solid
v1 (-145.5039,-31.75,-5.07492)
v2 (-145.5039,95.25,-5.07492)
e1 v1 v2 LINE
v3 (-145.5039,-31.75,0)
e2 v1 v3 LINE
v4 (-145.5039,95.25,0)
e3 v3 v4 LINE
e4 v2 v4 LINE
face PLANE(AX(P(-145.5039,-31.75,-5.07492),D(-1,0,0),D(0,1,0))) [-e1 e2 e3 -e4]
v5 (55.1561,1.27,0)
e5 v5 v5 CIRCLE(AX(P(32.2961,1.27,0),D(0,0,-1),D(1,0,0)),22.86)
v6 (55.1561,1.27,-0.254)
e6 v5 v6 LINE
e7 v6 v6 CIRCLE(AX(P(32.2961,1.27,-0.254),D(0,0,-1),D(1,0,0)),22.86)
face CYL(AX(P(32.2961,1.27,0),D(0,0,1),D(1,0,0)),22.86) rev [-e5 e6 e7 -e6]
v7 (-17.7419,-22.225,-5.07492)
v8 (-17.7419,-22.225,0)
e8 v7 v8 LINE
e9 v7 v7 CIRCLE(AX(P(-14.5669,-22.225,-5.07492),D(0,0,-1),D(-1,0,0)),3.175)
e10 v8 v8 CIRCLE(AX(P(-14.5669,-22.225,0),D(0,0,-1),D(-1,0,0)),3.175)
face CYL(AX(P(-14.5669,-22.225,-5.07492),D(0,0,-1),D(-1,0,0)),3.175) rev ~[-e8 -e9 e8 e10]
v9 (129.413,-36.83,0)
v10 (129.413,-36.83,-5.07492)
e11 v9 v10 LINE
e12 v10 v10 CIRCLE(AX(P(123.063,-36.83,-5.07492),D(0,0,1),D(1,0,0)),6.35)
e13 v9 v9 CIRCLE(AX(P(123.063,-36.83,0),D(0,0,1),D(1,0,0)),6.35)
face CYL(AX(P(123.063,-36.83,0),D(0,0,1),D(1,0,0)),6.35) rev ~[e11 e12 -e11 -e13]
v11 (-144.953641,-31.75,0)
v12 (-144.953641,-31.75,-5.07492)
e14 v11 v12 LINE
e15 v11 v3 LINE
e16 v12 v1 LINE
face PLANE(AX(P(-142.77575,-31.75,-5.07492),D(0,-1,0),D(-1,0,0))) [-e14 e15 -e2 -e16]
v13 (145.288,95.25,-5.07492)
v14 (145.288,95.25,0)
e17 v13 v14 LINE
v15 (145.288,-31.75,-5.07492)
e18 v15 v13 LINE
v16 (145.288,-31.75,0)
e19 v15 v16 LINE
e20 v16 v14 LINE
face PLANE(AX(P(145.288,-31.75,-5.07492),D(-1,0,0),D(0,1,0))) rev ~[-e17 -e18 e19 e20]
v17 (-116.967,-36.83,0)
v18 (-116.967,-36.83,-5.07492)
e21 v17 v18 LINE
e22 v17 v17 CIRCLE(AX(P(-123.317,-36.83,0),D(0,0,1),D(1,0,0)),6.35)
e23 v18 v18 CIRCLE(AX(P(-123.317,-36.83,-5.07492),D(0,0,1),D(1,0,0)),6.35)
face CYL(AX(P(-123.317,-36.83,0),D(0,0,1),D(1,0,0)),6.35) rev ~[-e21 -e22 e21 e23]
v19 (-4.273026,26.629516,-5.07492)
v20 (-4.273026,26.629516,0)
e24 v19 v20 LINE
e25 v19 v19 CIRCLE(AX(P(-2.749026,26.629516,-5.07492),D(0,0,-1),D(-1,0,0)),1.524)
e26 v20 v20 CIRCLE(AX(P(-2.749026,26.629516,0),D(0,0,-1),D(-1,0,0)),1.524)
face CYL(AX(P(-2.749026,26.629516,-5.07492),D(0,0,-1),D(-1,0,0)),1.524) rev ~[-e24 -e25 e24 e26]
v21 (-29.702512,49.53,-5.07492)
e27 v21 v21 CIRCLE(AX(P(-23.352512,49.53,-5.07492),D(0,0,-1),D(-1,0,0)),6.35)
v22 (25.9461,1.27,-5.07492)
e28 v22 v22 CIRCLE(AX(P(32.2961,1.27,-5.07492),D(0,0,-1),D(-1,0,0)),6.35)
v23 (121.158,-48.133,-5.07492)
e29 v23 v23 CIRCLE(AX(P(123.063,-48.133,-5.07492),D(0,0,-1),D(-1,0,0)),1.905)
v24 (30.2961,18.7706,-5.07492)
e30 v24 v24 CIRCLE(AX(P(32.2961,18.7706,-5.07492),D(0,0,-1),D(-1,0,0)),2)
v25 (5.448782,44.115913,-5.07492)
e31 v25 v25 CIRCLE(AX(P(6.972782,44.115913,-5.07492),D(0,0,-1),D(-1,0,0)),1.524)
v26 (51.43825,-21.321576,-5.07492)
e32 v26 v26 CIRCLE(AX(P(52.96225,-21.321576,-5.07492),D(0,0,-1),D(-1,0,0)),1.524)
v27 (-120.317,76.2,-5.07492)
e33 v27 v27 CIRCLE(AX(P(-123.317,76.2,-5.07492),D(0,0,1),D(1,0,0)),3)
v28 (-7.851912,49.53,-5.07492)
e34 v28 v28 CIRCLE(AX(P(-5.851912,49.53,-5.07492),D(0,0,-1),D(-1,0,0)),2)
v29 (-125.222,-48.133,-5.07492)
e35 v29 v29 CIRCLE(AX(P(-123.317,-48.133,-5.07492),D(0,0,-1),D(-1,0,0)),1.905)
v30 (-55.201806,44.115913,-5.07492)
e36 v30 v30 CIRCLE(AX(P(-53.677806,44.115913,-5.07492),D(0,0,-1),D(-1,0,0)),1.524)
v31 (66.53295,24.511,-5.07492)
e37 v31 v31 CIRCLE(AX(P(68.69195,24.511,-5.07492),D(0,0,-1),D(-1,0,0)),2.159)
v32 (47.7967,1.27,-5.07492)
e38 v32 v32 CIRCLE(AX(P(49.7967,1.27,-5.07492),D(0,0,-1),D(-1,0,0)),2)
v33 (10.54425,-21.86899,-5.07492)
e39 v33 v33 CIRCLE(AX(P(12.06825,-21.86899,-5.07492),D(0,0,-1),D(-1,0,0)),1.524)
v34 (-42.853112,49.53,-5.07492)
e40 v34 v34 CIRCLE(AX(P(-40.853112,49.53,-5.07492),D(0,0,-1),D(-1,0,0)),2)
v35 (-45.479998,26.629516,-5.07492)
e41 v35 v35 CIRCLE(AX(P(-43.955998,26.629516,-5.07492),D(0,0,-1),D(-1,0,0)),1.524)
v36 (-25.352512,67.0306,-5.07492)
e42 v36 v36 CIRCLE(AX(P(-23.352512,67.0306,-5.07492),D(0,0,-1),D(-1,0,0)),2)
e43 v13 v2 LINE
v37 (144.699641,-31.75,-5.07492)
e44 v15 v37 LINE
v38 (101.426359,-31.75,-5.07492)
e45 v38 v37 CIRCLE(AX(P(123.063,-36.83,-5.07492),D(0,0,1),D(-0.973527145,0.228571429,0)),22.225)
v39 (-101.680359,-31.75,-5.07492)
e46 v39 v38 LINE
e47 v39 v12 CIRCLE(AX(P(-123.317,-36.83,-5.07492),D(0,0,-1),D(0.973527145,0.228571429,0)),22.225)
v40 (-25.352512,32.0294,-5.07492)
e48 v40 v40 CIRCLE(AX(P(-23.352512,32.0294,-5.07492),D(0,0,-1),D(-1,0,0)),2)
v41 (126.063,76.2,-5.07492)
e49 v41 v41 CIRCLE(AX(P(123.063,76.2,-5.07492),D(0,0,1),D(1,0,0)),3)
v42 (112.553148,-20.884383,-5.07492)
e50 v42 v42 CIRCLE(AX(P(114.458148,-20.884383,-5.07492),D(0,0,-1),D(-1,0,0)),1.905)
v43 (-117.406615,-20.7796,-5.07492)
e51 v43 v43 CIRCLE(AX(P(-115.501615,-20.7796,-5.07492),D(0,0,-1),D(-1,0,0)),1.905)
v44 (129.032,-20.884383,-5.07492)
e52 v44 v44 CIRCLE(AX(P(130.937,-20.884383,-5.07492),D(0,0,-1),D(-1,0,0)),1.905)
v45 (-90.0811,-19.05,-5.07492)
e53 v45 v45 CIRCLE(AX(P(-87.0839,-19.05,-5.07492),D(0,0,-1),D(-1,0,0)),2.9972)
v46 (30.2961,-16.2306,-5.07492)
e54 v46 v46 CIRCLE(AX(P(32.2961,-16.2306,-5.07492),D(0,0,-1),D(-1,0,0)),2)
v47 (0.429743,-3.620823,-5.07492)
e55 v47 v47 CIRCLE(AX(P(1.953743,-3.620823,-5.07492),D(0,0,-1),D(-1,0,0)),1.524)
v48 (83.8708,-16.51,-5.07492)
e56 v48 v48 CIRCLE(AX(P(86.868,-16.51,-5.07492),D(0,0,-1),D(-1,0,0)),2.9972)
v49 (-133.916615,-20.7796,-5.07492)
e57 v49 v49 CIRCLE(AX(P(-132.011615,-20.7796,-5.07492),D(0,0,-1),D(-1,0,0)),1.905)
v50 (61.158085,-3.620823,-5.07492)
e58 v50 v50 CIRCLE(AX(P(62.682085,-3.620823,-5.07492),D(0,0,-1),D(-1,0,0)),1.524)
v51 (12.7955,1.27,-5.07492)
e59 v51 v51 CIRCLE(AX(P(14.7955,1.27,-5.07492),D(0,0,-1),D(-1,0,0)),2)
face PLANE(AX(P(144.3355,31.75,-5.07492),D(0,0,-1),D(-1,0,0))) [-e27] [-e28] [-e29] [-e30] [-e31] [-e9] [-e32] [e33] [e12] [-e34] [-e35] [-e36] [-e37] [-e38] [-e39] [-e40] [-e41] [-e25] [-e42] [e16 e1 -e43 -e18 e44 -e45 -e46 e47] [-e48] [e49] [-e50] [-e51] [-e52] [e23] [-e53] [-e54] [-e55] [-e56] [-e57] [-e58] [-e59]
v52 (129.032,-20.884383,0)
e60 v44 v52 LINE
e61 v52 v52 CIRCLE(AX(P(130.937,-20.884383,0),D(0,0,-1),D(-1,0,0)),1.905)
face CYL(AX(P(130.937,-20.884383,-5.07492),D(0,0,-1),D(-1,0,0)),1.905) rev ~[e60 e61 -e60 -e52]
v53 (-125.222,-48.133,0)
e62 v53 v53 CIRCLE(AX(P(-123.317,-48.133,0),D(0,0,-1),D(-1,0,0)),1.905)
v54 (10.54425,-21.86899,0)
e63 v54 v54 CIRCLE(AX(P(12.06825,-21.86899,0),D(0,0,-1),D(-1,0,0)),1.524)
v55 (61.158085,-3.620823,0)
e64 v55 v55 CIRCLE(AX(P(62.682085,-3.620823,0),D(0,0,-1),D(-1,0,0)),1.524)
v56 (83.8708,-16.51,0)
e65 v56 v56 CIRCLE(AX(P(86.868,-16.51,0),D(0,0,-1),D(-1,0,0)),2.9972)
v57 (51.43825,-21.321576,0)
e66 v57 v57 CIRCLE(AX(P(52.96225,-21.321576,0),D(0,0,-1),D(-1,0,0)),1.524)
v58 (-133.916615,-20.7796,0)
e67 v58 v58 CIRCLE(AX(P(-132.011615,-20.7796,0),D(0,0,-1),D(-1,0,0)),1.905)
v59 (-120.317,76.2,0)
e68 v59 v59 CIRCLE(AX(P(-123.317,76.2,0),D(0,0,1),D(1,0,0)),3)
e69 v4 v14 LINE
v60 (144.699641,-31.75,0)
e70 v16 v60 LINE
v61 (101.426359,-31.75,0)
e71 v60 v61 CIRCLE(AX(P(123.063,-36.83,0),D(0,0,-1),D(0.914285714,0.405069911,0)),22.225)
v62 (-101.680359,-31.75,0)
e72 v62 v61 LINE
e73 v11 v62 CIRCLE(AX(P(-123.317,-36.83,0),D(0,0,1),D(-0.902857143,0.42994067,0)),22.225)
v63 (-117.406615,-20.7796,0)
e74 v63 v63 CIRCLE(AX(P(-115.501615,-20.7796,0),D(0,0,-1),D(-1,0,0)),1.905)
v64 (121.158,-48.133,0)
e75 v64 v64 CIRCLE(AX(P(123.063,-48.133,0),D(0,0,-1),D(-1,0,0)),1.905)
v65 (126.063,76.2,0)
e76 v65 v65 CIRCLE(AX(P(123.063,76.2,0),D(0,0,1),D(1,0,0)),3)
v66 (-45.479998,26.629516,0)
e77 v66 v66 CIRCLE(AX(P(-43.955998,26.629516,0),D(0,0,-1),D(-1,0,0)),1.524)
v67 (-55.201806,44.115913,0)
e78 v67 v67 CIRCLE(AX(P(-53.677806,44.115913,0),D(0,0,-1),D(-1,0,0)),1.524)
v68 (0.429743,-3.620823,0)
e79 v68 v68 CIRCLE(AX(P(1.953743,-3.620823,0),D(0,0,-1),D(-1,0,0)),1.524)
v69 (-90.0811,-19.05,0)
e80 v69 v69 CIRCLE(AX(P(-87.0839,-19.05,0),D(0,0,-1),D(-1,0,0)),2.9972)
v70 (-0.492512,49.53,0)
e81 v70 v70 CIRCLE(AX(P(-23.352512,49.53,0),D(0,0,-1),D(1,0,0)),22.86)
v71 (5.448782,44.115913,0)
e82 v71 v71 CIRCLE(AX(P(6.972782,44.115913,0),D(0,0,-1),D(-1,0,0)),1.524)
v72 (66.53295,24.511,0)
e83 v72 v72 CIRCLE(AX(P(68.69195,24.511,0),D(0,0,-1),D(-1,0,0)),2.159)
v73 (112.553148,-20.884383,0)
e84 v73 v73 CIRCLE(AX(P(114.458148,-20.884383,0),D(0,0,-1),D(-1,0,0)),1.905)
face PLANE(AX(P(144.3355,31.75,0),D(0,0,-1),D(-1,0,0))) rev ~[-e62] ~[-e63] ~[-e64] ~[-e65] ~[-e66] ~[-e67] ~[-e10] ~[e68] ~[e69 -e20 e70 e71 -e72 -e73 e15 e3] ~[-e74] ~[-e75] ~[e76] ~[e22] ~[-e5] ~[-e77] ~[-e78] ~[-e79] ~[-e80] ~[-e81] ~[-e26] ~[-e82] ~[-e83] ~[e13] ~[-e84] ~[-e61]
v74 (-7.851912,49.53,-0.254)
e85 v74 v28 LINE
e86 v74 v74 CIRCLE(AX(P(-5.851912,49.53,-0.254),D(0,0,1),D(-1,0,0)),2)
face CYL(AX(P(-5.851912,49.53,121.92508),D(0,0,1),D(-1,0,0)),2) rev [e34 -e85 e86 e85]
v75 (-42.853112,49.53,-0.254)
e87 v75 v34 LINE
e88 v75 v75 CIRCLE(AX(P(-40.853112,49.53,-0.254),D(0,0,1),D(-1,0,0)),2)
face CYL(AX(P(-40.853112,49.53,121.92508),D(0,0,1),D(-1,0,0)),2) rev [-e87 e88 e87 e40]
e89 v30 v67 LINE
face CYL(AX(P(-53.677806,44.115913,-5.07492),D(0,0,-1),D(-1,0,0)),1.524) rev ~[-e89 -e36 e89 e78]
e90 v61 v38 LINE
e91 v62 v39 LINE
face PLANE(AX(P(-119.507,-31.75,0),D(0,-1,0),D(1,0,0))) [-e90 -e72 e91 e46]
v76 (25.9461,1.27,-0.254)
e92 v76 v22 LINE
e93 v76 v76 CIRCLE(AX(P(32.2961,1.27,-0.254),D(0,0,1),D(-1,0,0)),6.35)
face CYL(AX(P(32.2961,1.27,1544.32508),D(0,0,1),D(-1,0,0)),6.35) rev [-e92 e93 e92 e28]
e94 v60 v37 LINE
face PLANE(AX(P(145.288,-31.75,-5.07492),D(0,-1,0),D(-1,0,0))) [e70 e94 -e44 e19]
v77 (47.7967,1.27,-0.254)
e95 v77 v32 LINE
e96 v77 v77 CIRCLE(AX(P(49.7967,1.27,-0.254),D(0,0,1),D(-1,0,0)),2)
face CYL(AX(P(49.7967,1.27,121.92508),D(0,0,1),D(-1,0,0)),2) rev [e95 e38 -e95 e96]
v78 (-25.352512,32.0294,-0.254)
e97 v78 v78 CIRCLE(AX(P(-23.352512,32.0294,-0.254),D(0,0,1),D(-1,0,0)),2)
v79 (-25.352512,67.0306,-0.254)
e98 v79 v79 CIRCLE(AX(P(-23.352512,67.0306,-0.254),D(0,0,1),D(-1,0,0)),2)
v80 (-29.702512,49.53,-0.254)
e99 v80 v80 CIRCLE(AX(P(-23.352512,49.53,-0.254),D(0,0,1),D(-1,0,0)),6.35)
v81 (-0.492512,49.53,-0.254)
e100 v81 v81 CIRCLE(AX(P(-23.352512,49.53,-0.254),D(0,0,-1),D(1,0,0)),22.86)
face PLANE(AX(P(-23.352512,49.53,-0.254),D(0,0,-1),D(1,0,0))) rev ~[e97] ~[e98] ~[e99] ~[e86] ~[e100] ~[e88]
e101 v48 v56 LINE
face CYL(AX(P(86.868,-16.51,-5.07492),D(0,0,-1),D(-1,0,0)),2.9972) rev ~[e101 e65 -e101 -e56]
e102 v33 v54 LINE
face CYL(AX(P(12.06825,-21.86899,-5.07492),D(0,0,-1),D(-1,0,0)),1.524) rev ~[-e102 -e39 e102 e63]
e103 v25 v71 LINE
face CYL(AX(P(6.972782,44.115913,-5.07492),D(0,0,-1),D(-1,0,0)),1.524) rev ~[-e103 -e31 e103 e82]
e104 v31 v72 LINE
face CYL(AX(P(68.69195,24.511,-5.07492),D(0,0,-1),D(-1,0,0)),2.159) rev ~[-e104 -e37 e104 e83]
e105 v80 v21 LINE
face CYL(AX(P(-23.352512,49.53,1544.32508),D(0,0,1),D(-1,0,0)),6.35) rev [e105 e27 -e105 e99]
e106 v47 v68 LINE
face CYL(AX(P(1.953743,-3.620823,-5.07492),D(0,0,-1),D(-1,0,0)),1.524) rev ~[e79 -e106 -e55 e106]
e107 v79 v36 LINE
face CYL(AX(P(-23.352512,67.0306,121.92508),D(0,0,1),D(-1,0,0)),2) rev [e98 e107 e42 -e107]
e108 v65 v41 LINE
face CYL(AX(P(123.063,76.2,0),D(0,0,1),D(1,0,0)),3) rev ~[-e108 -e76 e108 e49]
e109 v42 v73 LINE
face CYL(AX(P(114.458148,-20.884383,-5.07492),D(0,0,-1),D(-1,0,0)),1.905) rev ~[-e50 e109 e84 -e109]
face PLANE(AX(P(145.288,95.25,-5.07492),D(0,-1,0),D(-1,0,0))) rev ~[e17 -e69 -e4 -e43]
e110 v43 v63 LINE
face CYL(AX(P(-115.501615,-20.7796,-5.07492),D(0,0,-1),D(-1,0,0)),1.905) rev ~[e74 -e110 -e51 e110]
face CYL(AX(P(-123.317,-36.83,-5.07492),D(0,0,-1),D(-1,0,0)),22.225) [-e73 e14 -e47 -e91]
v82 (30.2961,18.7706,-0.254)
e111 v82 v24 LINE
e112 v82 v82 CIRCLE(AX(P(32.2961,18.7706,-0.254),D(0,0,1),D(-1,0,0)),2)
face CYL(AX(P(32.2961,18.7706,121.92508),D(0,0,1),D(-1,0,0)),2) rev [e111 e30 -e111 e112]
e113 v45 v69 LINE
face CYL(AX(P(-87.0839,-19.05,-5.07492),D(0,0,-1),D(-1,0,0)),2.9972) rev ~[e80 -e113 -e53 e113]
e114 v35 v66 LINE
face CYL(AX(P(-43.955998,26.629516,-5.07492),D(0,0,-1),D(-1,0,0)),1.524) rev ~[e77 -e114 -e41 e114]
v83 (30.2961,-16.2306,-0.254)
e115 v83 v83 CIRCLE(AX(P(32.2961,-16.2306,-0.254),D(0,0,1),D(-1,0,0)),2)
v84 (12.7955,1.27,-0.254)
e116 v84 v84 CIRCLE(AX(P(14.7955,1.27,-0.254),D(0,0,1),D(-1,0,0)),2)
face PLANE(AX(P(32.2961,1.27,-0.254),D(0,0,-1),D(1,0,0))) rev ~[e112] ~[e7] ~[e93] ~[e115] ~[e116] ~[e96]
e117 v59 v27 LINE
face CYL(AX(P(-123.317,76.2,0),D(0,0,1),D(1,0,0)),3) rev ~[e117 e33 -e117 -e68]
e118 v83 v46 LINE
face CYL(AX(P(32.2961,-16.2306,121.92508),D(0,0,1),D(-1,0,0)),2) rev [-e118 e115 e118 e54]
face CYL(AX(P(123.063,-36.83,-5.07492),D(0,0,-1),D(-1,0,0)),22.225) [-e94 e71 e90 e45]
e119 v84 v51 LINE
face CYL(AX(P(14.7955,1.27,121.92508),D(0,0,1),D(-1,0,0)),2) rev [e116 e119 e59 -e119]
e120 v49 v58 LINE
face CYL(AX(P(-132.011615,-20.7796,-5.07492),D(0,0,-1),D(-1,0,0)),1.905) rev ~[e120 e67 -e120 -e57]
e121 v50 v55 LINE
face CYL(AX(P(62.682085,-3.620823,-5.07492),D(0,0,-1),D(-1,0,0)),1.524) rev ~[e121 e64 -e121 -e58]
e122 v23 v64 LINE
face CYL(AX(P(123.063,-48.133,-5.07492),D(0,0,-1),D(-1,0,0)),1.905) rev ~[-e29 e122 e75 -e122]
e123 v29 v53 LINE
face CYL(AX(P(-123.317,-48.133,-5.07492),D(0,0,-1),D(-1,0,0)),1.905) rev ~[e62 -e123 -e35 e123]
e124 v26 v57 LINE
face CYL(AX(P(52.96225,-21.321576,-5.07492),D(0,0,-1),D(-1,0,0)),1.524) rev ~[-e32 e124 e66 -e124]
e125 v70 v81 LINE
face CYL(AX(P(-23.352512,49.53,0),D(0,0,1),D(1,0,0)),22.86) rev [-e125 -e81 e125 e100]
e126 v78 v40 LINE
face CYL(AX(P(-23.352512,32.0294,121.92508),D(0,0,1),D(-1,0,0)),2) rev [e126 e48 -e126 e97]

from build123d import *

# Parameters (mm, degrees)
BOSS_EXTRUDE1_DEPTH = 5.07492
SKETCH6_R           = 22.225
BOSS_EXTRUDE3_DEPTH = 5.07492
SKETCH2_3_R         = 6.35
CUT_EXTRUDE2_DEPTH  = 5.588
SKETCH8_W           = 2.728150378
SKETCH8_H           = 127
BOSS_EXTRUDE4_DEPTH = 5.07492
SKETCH9_W           = 1.905
SKETCH9_H           = 127
BOSS_EXTRUDE5_DEPTH = 5.07492
SKETCH12_R          = 3
CUT_EXTRUDE3_DEPTH  = 400.05
CUT_EXTRUDE4_START  = -5.07492
SKETCH13_R          = 22.86
SKETCH13_R_2        = 2
SKETCH13_R_3        = 6.35
CUT_EXTRUDE4_DEPTH  = 0.254
CUT_EXTRUDE6_START  = -127
SKETCH13_2_R        = 2
CUT_EXTRUDE6_DEPTH  = 127
SKETCH17_R          = 2.9972
CUT_EXTRUDE7_DEPTH  = 152.4
CUT_EXTRUDE8_START  = -1549.4
SKETCH13_3_R        = 6.35
CUT_EXTRUDE8_DEPTH  = 1549.4
SKETCH18_R          = 3.175
SKETCH18_R_2        = 2.159
SKETCH18_R_3        = 1.524
CUT_EXTRUDE9_DEPTH  = 6.35
SKETCH19_R          = 1.905
CUT_EXTRUDE10_DEPTH = 6.35


with BuildPart() as part:
    # Sketch2 → Boss-Extrude1 (new body)
    with BuildSketch(Plane.XY):
        with BuildLine():
            Line((-143.383, -31.75), (-127.127, -31.75))
            ThreePointArc((-127.127, -31.75), (-123.317, -30.48), (-119.507, -31.75))
            Line((-119.507, -31.75), (119.253, -31.75))
            ThreePointArc((119.253, -31.75), (123.063, -30.48), (126.873, -31.75))
            Line((126.873, -31.75), (143.383, -31.75))
            Line((143.383, -31.75), (143.383, 95.25))
            Line((143.383, 95.25), (-143.383, 95.25))
            Line((-143.383, 95.25), (-143.383, -31.75))
        make_face()
    extrude(amount=-BOSS_EXTRUDE1_DEPTH)

    # Sketch6 → Boss-Extrude3 (add)
    with BuildSketch(Plane(origin=(0, 0, -5.07492), x_dir=(-1, 0, 0), z_dir=(0, 0, -1))):
        with Locations((-123.063, -36.83)):
            Circle(SKETCH6_R)
        with Locations((123.317, -36.83)):
            Circle(SKETCH6_R)
    extrude(amount=-BOSS_EXTRUDE3_DEPTH)

    # Sketch2<3> → Cut-Extrude2 (cut)
    with BuildSketch(Plane.XY):
        with Locations((-123.317, -36.83)):
            Circle(SKETCH2_3_R)
        with Locations((123.063, -36.83)):
            Circle(SKETCH2_3_R)
    extrude(amount=-CUT_EXTRUDE2_DEPTH, mode=Mode.SUBTRACT)

    # Sketch8 → Boss-Extrude4 (add)
    with BuildSketch(Plane(origin=(0, 0, -5.07492), x_dir=(-1, 0, 0), z_dir=(0, 0, -1))):
        with Locations((144.139824811, 31.75)):
            Rectangle(SKETCH8_W, SKETCH8_H)
    extrude(amount=-BOSS_EXTRUDE4_DEPTH)

    # Sketch9 → Boss-Extrude5 (add)
    with BuildSketch(Plane(origin=(0, 0, -5.07492), x_dir=(-1, 0, 0), z_dir=(0, 0, -1))):
        with Locations((-144.3355, 31.75)):
            Rectangle(SKETCH9_W, SKETCH9_H)
    extrude(amount=-BOSS_EXTRUDE5_DEPTH)

    # Sketch12 → Cut-Extrude3 (cut)
    with BuildSketch(Plane.XY):
        with Locations((-123.317, 76.2)):
            Circle(SKETCH12_R)
        with Locations((123.063, 76.2)):
            Circle(SKETCH12_R)
    extrude(amount=-CUT_EXTRUDE3_DEPTH, mode=Mode.SUBTRACT)

    # Sketch13 → Cut-Extrude4 (cut)
    # profile 1 of 2: a face of its own
    with BuildSketch(Plane(origin=(0, 0, -5.07492), x_dir=(-1, 0, 0), z_dir=(0, 0, -1)).offset(CUT_EXTRUDE4_START)):
        with Locations(Location((23.352511843, 49.53, 0), (0, 0, 180))):
            Circle(SKETCH13_R)
        with Locations(Location((23.352511843, 67.0306, 0), (0, 0, 180))):
            Circle(SKETCH13_R_2, mode=Mode.SUBTRACT)
        with Locations(Location((40.853111843, 49.53, 0), (0, 0, 180))):
            Circle(SKETCH13_R_2, mode=Mode.SUBTRACT)
        with Locations(Location((23.352511843, 32.0294, 0), (0, 0, 180))):
            Circle(SKETCH13_R_2, mode=Mode.SUBTRACT)
        with Locations(Location((5.851911843, 49.53, 0), (0, 0, 180))):
            Circle(SKETCH13_R_2, mode=Mode.SUBTRACT)
        with Locations(Location((23.352511843, 49.53, 0), (0, 0, 180))):
            Circle(SKETCH13_R_3, mode=Mode.SUBTRACT)
    # profile 2 of 2: a face of its own
    with BuildSketch(Plane(origin=(0, 0, -5.07492), x_dir=(-1, 0, 0), z_dir=(0, 0, -1)).offset(CUT_EXTRUDE4_START)):
        with Locations(Location((-32.2961, 1.27, 0), (0, 0, 180))):
            Circle(SKETCH13_R)
        with Locations(Location((-32.2961, 18.7706, 0), (0, 0, 180))):
            Circle(SKETCH13_R_2, mode=Mode.SUBTRACT)
        with Locations(Location((-14.7955, 1.27, 0), (0, 0, 180))):
            Circle(SKETCH13_R_2, mode=Mode.SUBTRACT)
        with Locations(Location((-32.2961, -16.2306, 0), (0, 0, 180))):
            Circle(SKETCH13_R_2, mode=Mode.SUBTRACT)
        with Locations(Location((-49.7967, 1.27, 0), (0, 0, 180))):
            Circle(SKETCH13_R_2, mode=Mode.SUBTRACT)
        with Locations(Location((-32.2961, 1.27, 0), (0, 0, 180))):
            Circle(SKETCH13_R_3, mode=Mode.SUBTRACT)
    extrude(amount=CUT_EXTRUDE4_DEPTH, mode=Mode.SUBTRACT)

    # Sketch13<2> → Cut-Extrude6 (cut)
    with BuildSketch(Plane(origin=(0, 0, -5.07492), x_dir=(-1, 0, 0), z_dir=(0, 0, -1)).offset(CUT_EXTRUDE6_START)):
        with Locations((-32.2961, 18.7706)):
            Circle(SKETCH13_2_R)
        with Locations((-49.7967, 1.27)):
            Circle(SKETCH13_2_R)
        with Locations((-14.7955, 1.27)):
            Circle(SKETCH13_2_R)
        with Locations((-32.2961, -16.2306)):
            Circle(SKETCH13_2_R)
        with Locations((23.352511843, 32.0294)):
            Circle(SKETCH13_2_R)
        with Locations((23.352511843, 67.0306)):
            Circle(SKETCH13_2_R)
        with Locations((40.853111843, 49.53)):
            Circle(SKETCH13_2_R)
        with Locations((5.851911843, 49.53)):
            Circle(SKETCH13_2_R)
    extrude(amount=CUT_EXTRUDE6_DEPTH, mode=Mode.SUBTRACT)

    # Sketch17 → Cut-Extrude7 (cut)
    with BuildSketch(Plane(origin=(0, 0, -5.07492), x_dir=(-1, 0, 0), z_dir=(0, 0, -1))):
        with Locations((87.0839, -19.05)):
            Circle(SKETCH17_R)
        with Locations((-86.868, -16.51)):
            Circle(SKETCH17_R)
    extrude(amount=-CUT_EXTRUDE7_DEPTH, mode=Mode.SUBTRACT)

    # Sketch13<3> → Cut-Extrude8 (cut)
    with BuildSketch(Plane(origin=(0, 0, -5.07492), x_dir=(-1, 0, 0), z_dir=(0, 0, -1)).offset(CUT_EXTRUDE8_START)):
        with Locations((-32.2961, 1.27)):
            Circle(SKETCH13_3_R)
        with Locations((23.352511843, 49.53)):
            Circle(SKETCH13_3_R)
    extrude(amount=CUT_EXTRUDE8_DEPTH, mode=Mode.SUBTRACT)

    # Sketch18 → Cut-Extrude9 (cut)
    with BuildSketch(Plane(origin=(0, 0, -5.07492), x_dir=(-1, 0, 0), z_dir=(0, 0, -1))):
        with Locations((14.5669, -22.225)):
            Circle(SKETCH18_R)
        with Locations((-68.691950102, 24.511)):
            Circle(SKETCH18_R_2)
        with Locations((-62.682085042, -3.620822534)):
            Circle(SKETCH18_R_3)
        with Locations((-1.953743286, -3.620822534)):
            Circle(SKETCH18_R_3)
        with Locations((-12.06825034, -21.868989912)):
            Circle(SKETCH18_R_3)
        with Locations((-52.96225034, -21.321575615)):
            Circle(SKETCH18_R_3)
        with Locations((-6.972782316, 44.115913262)):
            Circle(SKETCH18_R_3)
        with Locations((2.749026104, 26.629515804)):
            Circle(SKETCH18_R_3)
        with Locations((43.955997581, 26.629515804)):
            Circle(SKETCH18_R_3)
        with Locations((53.677806001, 44.115913262)):
            Circle(SKETCH18_R_3)
    extrude(amount=-CUT_EXTRUDE9_DEPTH, mode=Mode.SUBTRACT)

    # Sketch19 → Cut-Extrude10 (cut)
    with BuildSketch(Plane(origin=(0, 0, -5.07492), x_dir=(-1, 0, 0), z_dir=(0, 0, -1))):
        with Locations((-130.937, -20.884382673)):
            Circle(SKETCH19_R)
        with Locations((-114.458147951, -20.884382673)):
            Circle(SKETCH19_R)
        with Locations((-123.063, -48.133)):
            Circle(SKETCH19_R)
        with Locations((115.501615385, -20.779600443)):
            Circle(SKETCH19_R)
        with Locations((132.011615385, -20.779600443)):
            Circle(SKETCH19_R)
        with Locations((123.317, -48.133)):
            Circle(SKETCH19_R)
    extrude(amount=-CUT_EXTRUDE10_DEPTH, mode=Mode.SUBTRACT)


solid = part.part
